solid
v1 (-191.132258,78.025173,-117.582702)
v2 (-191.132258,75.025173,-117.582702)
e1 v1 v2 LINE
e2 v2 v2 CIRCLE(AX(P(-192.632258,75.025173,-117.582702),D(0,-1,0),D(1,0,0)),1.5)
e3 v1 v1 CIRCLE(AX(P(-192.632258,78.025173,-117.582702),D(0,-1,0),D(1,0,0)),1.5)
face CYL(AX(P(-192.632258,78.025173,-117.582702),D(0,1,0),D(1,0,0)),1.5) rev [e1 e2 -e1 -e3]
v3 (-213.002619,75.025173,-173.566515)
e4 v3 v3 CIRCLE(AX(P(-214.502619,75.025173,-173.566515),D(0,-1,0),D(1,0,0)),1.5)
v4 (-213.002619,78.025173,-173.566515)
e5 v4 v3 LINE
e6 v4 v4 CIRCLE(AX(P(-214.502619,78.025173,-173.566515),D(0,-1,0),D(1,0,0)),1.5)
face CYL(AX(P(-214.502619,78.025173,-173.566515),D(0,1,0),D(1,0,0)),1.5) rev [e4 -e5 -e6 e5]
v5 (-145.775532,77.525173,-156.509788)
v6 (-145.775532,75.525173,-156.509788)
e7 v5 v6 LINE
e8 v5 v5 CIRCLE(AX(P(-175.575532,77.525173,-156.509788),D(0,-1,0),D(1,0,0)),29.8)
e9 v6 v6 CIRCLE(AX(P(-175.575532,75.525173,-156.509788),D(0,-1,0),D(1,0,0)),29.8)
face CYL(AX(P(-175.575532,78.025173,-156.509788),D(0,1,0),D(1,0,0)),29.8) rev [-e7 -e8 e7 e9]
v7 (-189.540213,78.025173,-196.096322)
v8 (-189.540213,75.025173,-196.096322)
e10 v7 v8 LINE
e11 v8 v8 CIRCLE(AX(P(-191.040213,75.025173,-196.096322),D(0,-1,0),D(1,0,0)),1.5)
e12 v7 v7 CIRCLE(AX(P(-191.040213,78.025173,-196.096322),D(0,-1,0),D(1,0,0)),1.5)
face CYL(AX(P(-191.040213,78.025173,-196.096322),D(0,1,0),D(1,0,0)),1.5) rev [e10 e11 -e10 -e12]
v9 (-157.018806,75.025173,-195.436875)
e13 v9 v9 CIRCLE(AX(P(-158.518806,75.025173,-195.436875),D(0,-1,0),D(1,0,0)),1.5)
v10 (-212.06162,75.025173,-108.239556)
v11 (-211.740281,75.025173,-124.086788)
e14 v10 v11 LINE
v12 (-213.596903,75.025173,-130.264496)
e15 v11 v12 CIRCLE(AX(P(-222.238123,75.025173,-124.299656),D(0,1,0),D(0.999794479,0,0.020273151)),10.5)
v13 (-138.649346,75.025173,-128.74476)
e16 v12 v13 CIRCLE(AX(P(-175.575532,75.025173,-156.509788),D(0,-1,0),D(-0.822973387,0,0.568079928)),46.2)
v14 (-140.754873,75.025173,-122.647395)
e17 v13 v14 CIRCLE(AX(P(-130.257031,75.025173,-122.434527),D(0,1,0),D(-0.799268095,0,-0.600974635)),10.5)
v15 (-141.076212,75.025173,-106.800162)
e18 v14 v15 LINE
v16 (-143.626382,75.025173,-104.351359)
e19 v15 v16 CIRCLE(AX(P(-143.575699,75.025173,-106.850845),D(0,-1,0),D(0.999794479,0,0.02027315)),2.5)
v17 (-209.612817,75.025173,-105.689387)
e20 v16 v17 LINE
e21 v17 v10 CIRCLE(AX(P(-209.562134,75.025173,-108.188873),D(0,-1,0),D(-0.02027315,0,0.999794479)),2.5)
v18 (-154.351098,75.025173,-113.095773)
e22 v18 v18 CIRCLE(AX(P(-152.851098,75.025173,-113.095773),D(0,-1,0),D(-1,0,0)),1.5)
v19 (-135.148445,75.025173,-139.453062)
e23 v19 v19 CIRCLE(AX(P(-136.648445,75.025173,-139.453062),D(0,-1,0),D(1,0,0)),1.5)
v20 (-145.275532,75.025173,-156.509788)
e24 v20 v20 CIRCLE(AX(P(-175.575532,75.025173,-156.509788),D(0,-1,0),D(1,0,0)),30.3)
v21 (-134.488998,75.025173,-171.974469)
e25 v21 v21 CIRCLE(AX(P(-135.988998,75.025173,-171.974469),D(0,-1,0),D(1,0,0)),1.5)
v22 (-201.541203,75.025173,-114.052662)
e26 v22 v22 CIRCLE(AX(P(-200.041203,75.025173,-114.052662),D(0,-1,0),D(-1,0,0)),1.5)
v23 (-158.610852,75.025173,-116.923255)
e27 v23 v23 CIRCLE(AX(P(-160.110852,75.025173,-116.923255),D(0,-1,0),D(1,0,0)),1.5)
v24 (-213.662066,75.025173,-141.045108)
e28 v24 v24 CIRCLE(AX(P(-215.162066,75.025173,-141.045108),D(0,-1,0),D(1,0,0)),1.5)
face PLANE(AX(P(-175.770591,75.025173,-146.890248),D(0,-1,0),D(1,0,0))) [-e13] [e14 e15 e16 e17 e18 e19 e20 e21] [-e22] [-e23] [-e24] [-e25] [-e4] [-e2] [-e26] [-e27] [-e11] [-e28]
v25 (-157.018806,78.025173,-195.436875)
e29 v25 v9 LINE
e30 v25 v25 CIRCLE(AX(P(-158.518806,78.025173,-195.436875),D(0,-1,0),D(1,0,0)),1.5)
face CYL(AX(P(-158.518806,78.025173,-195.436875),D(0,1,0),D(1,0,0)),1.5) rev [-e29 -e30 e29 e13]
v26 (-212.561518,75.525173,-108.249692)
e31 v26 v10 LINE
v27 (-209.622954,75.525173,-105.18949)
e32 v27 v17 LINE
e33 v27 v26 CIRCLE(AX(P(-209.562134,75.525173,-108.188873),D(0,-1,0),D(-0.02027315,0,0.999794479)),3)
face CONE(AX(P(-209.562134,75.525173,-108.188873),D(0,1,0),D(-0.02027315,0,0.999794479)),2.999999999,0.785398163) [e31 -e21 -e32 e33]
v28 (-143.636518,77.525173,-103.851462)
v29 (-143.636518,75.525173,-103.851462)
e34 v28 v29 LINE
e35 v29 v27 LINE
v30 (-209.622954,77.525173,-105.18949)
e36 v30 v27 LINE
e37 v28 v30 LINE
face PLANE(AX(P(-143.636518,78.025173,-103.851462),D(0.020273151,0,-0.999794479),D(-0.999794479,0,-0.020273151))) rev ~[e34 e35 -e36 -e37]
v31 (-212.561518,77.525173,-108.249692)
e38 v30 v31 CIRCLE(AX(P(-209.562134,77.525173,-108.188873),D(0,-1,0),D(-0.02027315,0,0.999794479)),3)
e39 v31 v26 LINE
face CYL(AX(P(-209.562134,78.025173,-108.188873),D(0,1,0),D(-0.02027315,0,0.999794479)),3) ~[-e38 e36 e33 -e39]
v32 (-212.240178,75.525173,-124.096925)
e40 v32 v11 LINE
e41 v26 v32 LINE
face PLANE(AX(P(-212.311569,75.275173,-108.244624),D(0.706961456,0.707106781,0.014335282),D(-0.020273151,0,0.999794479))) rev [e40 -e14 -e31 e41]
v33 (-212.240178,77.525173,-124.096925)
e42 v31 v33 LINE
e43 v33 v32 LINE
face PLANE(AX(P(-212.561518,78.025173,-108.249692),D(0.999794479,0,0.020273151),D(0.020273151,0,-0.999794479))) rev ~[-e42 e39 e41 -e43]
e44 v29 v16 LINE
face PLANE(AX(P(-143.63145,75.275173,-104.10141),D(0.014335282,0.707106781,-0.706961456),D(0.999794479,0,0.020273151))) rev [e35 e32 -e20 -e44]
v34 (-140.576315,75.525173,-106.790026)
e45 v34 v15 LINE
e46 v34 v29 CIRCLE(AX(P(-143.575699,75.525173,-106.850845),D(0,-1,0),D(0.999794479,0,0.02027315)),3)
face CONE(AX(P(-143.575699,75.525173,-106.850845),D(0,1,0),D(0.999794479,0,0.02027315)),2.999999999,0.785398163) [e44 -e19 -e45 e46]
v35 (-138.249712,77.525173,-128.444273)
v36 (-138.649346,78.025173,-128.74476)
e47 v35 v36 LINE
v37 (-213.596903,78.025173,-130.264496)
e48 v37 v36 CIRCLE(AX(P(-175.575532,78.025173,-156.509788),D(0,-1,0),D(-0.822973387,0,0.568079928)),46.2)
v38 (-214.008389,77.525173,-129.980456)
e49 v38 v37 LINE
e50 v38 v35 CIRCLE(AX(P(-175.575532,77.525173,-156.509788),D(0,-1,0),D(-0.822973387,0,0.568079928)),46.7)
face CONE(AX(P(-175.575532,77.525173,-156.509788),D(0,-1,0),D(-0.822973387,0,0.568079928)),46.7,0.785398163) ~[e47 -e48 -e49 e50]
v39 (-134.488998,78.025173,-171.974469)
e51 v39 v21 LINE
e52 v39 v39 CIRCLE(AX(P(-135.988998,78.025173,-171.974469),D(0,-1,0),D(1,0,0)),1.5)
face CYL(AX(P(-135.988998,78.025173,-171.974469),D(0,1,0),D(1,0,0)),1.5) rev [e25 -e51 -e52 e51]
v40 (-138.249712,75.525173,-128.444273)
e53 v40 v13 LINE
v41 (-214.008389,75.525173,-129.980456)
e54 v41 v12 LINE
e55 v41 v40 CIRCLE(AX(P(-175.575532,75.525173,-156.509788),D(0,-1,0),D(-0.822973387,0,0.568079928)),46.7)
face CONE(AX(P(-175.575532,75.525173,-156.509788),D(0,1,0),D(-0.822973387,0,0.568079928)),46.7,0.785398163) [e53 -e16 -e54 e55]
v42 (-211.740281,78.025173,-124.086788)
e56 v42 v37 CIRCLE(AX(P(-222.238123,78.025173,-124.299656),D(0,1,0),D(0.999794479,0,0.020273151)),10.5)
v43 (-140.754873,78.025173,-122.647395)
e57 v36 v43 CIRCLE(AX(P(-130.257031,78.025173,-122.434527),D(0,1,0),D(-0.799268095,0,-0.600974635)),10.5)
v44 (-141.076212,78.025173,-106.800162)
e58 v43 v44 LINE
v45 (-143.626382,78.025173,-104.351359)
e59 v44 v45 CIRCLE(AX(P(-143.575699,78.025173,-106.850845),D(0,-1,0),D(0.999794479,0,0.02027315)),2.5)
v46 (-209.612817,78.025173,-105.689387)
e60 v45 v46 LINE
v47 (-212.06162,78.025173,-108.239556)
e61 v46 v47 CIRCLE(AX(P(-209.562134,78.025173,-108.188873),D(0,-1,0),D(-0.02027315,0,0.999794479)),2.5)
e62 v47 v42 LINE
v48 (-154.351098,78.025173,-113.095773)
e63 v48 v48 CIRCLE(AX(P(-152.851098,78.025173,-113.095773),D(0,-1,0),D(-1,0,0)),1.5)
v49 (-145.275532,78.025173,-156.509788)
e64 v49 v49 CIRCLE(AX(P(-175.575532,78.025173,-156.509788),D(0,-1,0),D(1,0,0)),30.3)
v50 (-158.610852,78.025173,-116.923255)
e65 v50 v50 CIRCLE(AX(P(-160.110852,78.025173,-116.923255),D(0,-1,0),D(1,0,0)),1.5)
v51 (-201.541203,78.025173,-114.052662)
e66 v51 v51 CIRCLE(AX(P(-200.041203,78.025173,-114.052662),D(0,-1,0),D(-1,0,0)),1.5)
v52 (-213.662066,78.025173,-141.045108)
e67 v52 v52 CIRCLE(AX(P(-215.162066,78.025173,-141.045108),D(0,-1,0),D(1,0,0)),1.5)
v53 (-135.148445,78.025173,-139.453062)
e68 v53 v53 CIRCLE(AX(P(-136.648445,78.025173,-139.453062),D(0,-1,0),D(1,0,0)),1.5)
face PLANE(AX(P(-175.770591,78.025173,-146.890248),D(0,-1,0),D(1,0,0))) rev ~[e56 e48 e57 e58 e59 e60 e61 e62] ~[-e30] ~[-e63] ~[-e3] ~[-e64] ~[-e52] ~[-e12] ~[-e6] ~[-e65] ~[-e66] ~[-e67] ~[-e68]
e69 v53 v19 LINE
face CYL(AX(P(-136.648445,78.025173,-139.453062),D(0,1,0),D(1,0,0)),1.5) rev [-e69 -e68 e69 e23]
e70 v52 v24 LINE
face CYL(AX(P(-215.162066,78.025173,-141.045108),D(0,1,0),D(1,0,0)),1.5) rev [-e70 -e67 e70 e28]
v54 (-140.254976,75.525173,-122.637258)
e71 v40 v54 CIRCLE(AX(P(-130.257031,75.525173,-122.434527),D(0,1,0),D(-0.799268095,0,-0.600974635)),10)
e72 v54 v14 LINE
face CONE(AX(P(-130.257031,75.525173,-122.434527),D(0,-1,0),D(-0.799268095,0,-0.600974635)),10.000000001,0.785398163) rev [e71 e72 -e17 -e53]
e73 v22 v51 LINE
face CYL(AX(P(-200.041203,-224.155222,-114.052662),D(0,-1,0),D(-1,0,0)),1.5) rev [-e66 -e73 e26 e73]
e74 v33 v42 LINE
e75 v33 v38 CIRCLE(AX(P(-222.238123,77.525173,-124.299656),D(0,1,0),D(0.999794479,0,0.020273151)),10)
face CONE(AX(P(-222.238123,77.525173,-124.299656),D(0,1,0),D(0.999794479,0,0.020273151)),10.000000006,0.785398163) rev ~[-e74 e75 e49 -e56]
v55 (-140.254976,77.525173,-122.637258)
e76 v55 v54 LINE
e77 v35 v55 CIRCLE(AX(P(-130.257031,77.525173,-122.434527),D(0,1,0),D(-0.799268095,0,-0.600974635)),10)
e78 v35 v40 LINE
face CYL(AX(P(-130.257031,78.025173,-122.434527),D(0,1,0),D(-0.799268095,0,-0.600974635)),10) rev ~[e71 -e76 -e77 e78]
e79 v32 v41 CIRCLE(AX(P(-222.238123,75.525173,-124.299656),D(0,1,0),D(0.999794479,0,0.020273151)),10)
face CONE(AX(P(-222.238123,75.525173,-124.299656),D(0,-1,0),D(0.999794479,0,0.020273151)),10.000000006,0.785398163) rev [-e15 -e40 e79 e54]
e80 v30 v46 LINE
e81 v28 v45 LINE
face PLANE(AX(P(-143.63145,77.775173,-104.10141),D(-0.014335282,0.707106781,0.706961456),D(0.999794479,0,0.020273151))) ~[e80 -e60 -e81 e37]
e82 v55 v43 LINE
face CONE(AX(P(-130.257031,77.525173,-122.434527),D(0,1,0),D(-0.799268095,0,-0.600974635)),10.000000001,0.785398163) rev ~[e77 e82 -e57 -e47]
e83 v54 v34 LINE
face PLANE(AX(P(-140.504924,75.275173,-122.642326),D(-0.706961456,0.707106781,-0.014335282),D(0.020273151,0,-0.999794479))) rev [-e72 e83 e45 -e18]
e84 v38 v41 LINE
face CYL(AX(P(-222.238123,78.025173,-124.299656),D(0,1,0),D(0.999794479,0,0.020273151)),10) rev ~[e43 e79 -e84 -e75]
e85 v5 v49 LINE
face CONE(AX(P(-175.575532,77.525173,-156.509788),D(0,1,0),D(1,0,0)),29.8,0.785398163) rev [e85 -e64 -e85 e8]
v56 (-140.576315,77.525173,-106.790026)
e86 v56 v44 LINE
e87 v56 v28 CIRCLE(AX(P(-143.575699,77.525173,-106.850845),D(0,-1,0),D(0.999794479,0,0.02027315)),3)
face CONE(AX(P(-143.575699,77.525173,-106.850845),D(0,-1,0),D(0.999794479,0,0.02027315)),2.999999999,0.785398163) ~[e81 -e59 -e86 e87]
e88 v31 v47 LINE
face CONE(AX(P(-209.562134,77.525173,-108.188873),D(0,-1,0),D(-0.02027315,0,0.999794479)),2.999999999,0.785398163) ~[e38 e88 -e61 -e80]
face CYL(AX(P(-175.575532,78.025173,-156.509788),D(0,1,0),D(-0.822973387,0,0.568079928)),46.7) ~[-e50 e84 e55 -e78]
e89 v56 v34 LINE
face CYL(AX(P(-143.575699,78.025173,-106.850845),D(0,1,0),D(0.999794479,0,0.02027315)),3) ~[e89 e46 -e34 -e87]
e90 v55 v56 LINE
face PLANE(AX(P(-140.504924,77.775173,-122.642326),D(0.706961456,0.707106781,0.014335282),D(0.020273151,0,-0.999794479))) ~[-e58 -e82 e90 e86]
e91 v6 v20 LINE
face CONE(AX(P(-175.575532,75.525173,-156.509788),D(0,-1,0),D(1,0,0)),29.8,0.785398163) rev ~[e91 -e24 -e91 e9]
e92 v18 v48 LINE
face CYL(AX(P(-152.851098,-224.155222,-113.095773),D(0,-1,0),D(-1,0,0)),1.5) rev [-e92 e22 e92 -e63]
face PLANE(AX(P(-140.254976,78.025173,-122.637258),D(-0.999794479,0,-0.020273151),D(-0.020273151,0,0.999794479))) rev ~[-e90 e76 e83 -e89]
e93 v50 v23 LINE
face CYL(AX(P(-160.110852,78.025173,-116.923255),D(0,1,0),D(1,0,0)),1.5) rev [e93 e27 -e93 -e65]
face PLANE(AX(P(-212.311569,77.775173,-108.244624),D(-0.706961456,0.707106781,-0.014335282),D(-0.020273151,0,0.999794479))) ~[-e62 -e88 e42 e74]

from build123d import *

# Parameters (mm, degrees)
SKETCH_1_R               = 1.5
SKETCH_1_R_2             = 29.8
EXTRUDE_1_DEPTH          = 3
CHAMFER_1_SIZE           = 0.5
CUT_EXTRUDE_1_DEPTH      = 302.180394913
CUT_EXTRUDE_1_DEPTH_BACK = 302.180394913
SKETCH_2_R               = 1.5
CUT_EXTRUDE_2_DEPTH      = 302.180394913
CUT_EXTRUDE_2_DEPTH_BACK = 302.180394913
SKETCH_3_R               = 1.5


with BuildPart() as part:
    # 草图1 → 凸台-拉伸1 (new body)
    with BuildSketch(Plane.XZ.offset(-78.025173071)):
        with BuildLine():
            Line((-212.561517714, -108.249692404), (-212.240178336, -124.096924988))
            ThreePointArc((-212.240178336, -124.096924988), (-212.661273384, -127.177841531), (-214.008389255, -129.980455778))
            ThreePointArc((-214.008389255, -129.980455778), (-174.628775953, -203.200190572), (-138.249712047, -128.44427297))
            ThreePointArc((-138.249712047, -128.44427297), (-139.709332875, -125.698571817), (-140.25497588, -122.637258129))
            Line((-140.25497588, -122.637258129), (-140.576315258, -106.790025545))
            ThreePointArc((-140.576315258, -106.790025545), (-141.497820174, -104.686954783), (-143.636518146, -103.851461562))
            Line((-143.636518146, -103.851461562), (-209.622953731, -105.189489516))
            ThreePointArc((-209.622953731, -105.189489516), (-211.726024493, -106.110994432), (-212.561517714, -108.249692404))
        make_face()
        with Locations((-136.648445194, -139.453062321)):
            Circle(SKETCH_1_R, mode=Mode.SUBTRACT)
        with Locations((-175.575532096, -156.509788424)):
            Circle(SKETCH_1_R_2, mode=Mode.SUBTRACT)
        with Locations((-135.988998284, -171.974468852)):
            Circle(SKETCH_1_R, mode=Mode.SUBTRACT)
        with Locations((-191.040212525, -196.096322235)):
            Circle(SKETCH_1_R, mode=Mode.SUBTRACT)
        with Locations((-215.162065908, -141.045107995)):
            Circle(SKETCH_1_R, mode=Mode.SUBTRACT)
        with Locations((-192.632258198, -117.582701522)):
            Circle(SKETCH_1_R, mode=Mode.SUBTRACT)
        with Locations((-160.110851668, -116.923254612)):
            Circle(SKETCH_1_R, mode=Mode.SUBTRACT)
        with Locations((-214.502618998, -173.566514526)):
            Circle(SKETCH_1_R, mode=Mode.SUBTRACT)
        with Locations((-158.518805994, -195.436875326)):
            Circle(SKETCH_1_R, mode=Mode.SUBTRACT)
    extrude(amount=EXTRUDE_1_DEPTH)

    # 倒角1
    chamfer_1_edges = [part.edges().sort_by_distance(p)[0] for p in [
        (-212.400848023, 78.025173077, -116.173308696),
        (-211.72602449, 78.025173077, -106.110994432),
        (-176.629735936, 78.025173076, -104.520475539),
        (-141.497820172, 78.025173075, -104.686954784),
        (-211.72602449, 75.025173077, -106.110994432),
        (-212.400848023, 75.025173077, -116.173308696),
        (-212.661273381, 75.025173077, -127.177841532),
        (-174.628775951, 75.025173075, -203.200190573),
        (-205.375532094, 78.025173077, -156.509788424),
        (-205.375532094, 75.025173077, -156.509788424),
        (-139.709332873, 75.025173075, -125.698571818),
        (-140.415645567, 75.025173075, -114.713641837),
        (-141.497820172, 75.025173075, -104.686954784),
        (-140.415645566, 78.025173075, -114.713641837),
        (-176.629735936, 75.025173076, -104.520475539),
        (-139.709332873, 78.025173075, -125.698571818),
        (-174.62877595, 78.025173075, -203.200190573),
        (-212.661273381, 78.025173077, -127.177841532),
    ]]
    chamfer(chamfer_1_edges, length=CHAMFER_1_SIZE)

    # 草图2 → 切除-拉伸1 (cut, two sides: drawn at the far end of the back side and taken through both)
    with BuildSketch(Plane(origin=(2e-09, 78.025173071, -1e-09), x_dir=(1.0, -3.1446611841336594e-11, 0), z_dir=(3.1446611841336594e-11, 1.0, -6.574611909583631e-12)).offset(-CUT_EXTRUDE_1_DEPTH_BACK)):
        with Locations(Location((-200.041202679, 114.05266186, 0), (0, 0, 180))):
            Circle(SKETCH_2_R)
    extrude(amount=CUT_EXTRUDE_1_DEPTH + CUT_EXTRUDE_1_DEPTH_BACK, mode=Mode.SUBTRACT)

    # 草图3 → 切除-拉伸2 (cut, two sides: drawn at the far end of the back side and taken through both)
    with BuildSketch(Plane(origin=(2e-09, 78.025173071, -1e-09), x_dir=(1.0, -3.1446611841336594e-11, 0), z_dir=(3.1446611841336594e-11, 1.0, -6.574611909583631e-12)).offset(-CUT_EXTRUDE_2_DEPTH_BACK)):
        with Locations(Location((-152.851097985, 113.09577309, 0), (0, 0, 180))):
            Circle(SKETCH_3_R)
    extrude(amount=CUT_EXTRUDE_2_DEPTH + CUT_EXTRUDE_2_DEPTH_BACK, mode=Mode.SUBTRACT)


solid = part.part
